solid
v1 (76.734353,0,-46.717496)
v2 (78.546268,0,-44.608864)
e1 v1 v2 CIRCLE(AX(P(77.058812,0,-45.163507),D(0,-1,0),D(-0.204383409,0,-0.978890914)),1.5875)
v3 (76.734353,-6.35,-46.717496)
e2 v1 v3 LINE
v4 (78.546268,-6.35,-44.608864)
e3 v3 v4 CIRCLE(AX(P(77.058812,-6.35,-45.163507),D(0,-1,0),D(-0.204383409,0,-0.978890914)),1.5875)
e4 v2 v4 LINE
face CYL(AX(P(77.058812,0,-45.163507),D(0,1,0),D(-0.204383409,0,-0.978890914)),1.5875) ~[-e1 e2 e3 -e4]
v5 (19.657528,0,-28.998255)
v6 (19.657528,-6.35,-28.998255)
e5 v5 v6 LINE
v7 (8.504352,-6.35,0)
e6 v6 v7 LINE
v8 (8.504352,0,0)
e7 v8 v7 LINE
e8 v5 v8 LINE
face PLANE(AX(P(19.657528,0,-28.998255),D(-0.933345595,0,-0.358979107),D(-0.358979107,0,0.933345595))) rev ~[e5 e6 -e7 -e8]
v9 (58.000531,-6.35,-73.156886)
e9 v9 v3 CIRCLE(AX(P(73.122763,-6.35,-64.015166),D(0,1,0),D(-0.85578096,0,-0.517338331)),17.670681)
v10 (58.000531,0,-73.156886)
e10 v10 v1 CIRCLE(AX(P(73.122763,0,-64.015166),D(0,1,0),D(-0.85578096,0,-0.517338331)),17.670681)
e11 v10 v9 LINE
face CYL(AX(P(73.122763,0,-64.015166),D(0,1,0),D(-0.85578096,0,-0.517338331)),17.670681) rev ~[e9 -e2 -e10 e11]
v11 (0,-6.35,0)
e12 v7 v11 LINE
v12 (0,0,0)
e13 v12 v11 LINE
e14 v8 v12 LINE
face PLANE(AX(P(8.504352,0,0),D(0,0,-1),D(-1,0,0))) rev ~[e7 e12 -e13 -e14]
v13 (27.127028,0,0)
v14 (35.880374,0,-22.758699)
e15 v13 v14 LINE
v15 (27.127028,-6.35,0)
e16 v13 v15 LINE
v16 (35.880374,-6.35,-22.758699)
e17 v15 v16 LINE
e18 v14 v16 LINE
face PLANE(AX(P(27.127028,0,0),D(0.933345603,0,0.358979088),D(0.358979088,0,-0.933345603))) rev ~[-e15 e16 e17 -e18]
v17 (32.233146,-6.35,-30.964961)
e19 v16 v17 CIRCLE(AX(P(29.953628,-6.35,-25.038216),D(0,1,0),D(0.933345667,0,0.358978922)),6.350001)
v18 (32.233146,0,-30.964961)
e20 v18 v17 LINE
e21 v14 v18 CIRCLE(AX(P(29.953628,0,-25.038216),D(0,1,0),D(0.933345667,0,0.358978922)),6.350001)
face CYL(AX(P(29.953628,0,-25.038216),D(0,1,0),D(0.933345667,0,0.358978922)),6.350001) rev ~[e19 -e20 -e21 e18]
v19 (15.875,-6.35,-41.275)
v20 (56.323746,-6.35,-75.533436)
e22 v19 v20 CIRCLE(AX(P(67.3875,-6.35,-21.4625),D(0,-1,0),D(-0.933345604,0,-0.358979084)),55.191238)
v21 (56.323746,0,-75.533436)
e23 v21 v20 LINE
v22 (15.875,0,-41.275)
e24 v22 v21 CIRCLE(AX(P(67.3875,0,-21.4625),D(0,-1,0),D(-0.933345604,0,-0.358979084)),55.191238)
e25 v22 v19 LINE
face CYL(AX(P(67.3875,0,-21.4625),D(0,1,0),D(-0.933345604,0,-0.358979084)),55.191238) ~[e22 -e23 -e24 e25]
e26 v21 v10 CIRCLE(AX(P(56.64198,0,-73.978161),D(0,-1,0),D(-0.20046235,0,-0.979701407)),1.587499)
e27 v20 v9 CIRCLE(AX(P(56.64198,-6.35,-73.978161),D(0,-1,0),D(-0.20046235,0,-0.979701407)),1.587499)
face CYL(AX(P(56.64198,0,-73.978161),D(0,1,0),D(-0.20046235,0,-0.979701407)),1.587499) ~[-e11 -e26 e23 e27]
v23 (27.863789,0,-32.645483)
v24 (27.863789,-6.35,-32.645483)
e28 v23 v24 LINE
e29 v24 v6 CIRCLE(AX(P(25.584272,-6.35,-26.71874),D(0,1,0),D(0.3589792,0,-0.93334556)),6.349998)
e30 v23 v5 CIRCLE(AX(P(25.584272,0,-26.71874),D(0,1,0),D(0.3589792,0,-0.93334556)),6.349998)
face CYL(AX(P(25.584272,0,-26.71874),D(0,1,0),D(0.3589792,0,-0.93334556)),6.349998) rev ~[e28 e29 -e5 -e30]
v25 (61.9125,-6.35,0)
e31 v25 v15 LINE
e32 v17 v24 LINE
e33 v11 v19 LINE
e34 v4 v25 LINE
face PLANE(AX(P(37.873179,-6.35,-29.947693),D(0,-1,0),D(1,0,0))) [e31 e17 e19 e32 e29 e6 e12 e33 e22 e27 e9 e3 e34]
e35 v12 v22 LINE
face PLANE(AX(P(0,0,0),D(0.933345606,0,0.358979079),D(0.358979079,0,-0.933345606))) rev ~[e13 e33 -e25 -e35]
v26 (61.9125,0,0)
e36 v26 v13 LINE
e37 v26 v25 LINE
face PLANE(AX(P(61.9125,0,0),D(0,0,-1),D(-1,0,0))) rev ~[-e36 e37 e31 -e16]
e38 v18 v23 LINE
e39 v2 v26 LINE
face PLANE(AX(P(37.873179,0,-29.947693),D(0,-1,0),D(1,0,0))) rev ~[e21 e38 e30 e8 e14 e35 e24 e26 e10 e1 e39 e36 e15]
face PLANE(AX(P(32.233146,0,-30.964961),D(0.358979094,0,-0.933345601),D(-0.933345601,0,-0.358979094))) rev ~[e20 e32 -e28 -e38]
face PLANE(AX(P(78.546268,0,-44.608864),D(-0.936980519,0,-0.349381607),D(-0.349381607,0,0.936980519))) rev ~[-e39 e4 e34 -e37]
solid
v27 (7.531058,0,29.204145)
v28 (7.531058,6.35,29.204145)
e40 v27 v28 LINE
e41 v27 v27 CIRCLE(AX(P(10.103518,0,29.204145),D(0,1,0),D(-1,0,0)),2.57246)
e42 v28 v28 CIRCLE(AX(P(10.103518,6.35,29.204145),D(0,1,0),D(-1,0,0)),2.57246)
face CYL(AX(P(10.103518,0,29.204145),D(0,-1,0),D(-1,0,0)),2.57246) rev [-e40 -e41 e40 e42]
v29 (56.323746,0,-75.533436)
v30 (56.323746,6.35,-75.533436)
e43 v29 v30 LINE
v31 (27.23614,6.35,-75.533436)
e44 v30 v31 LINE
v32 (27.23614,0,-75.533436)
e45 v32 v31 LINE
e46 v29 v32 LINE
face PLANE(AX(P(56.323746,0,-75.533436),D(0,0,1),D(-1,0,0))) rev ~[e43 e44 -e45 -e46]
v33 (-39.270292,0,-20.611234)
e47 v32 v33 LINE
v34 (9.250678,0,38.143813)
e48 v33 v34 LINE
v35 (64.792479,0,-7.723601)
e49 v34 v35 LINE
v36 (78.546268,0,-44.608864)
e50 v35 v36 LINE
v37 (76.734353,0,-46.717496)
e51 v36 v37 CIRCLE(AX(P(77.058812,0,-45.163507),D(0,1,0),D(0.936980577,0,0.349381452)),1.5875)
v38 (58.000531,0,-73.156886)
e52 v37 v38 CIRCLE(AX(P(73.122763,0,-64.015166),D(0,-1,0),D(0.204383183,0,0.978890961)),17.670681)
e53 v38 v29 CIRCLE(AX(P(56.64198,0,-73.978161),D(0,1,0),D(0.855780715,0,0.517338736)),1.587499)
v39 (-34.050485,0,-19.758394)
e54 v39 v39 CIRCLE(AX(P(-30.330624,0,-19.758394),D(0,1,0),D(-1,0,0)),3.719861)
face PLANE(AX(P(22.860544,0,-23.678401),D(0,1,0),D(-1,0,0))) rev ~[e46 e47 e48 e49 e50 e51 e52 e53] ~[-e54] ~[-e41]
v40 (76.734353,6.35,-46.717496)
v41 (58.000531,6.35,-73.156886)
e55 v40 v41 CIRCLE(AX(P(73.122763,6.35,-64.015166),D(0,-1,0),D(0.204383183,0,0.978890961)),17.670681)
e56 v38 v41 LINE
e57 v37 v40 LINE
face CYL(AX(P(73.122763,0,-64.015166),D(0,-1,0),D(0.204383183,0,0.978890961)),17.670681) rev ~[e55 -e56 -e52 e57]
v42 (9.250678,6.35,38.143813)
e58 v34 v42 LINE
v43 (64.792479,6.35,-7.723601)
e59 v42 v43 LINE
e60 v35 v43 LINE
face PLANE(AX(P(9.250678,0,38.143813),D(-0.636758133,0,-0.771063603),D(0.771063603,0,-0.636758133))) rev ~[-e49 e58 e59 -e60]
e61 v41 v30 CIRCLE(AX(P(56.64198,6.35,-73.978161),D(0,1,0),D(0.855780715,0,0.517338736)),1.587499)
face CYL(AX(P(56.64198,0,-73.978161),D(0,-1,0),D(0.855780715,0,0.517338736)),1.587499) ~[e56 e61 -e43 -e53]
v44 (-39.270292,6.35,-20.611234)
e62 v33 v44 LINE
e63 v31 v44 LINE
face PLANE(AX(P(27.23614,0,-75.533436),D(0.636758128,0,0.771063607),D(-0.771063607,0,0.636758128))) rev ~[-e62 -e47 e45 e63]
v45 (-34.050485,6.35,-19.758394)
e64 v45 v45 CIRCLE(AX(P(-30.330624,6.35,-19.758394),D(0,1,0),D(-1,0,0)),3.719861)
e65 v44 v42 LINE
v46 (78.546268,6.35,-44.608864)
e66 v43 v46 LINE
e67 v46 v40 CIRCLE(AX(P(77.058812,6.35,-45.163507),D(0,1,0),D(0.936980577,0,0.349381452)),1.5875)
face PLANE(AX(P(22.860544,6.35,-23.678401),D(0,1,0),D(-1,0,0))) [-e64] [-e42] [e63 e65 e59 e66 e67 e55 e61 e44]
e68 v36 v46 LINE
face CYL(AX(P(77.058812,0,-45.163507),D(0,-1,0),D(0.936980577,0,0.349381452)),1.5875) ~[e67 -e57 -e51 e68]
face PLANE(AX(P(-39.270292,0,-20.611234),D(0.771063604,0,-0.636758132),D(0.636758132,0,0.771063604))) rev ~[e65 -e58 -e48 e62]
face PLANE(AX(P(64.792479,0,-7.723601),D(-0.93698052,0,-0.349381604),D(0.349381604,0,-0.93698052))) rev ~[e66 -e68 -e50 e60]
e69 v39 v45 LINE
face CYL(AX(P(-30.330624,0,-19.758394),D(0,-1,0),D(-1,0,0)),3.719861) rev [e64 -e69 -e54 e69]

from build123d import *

# Parameters (mm, degrees)
F1_DEPTH = 6.35
F2_R     = 3.719861
F2_R_2   = 2.57246
F3_DEPTH = 6.35


with BuildPart() as f1:
    # F0 (on Front) → F1 (new body)
    with BuildSketch(Plane.XZ):
        with BuildLine():
            Line((8.504352, 0), (0, 0))
            Line((0, 0), (15.875, -41.275))
            ThreePointArc((15.875, -41.275), (31.717386, -63.578005), (56.323746, -75.533436))
            ThreePointArc((56.323746, -75.533436), (57.939116, -74.893361), (58.000531, -73.156886))
            ThreePointArc((58.000531, -73.156886), (58.704578, -53.799056), (76.734353, -46.717496))
            ThreePointArc((76.734353, -46.717496), (78.262856, -46.198124), (78.546268, -44.608864))
            Line((78.546268, -44.608864), (61.9125, 0))
            Line((61.9125, 0), (27.127028, 0))
            Line((27.127028, 0), (35.880374, -22.758699))
            ThreePointArc((35.880374, -22.758699), (35.756332, -27.617196), (32.233146, -30.964961))
            Line((32.233146, -30.964961), (27.863789, -32.645483))
            ThreePointArc((27.863789, -32.645483), (23.005293, -32.521442), (19.657528, -28.998255))
            Line((19.657528, -28.998255), (8.504352, 0))
        make_face()
    extrude(amount=F1_DEPTH)


with BuildPart() as f3:
    # F2 (on face) → F3 (new body)
    with BuildSketch(Plane(origin=(0, 0, 0), x_dir=(-1, 0, 0), z_dir=(0, 1, 0))):
        with BuildLine():
            ThreePointArc((-78.546268, -44.608864), (-78.262856, -46.198124), (-76.734353, -46.717496))
            ThreePointArc((-76.734353, -46.717496), (-58.704578, -53.799056), (-58.000531, -73.156886))
            ThreePointArc((-58.000531, -73.156886), (-57.939116, -74.893361), (-56.323746, -75.533436))
            Line((-56.323746, -75.533436), (-27.23614, -75.533436))
            Line((-27.23614, -75.533436), (39.270292, -20.611234))
            Line((39.270292, -20.611234), (-9.250678, 38.143813))
            Line((-9.250678, 38.143813), (-64.792479, -7.723601))
            Line((-64.792479, -7.723601), (-78.546268, -44.608864))
        make_face()
        with Locations((30.330624, -19.758394)):
            Circle(F2_R, mode=Mode.SUBTRACT)
        with Locations((-10.103518, 29.204145)):
            Circle(F2_R_2, mode=Mode.SUBTRACT)
    extrude(amount=F3_DEPTH)


solid = Compound([f1.part, f3.part])
